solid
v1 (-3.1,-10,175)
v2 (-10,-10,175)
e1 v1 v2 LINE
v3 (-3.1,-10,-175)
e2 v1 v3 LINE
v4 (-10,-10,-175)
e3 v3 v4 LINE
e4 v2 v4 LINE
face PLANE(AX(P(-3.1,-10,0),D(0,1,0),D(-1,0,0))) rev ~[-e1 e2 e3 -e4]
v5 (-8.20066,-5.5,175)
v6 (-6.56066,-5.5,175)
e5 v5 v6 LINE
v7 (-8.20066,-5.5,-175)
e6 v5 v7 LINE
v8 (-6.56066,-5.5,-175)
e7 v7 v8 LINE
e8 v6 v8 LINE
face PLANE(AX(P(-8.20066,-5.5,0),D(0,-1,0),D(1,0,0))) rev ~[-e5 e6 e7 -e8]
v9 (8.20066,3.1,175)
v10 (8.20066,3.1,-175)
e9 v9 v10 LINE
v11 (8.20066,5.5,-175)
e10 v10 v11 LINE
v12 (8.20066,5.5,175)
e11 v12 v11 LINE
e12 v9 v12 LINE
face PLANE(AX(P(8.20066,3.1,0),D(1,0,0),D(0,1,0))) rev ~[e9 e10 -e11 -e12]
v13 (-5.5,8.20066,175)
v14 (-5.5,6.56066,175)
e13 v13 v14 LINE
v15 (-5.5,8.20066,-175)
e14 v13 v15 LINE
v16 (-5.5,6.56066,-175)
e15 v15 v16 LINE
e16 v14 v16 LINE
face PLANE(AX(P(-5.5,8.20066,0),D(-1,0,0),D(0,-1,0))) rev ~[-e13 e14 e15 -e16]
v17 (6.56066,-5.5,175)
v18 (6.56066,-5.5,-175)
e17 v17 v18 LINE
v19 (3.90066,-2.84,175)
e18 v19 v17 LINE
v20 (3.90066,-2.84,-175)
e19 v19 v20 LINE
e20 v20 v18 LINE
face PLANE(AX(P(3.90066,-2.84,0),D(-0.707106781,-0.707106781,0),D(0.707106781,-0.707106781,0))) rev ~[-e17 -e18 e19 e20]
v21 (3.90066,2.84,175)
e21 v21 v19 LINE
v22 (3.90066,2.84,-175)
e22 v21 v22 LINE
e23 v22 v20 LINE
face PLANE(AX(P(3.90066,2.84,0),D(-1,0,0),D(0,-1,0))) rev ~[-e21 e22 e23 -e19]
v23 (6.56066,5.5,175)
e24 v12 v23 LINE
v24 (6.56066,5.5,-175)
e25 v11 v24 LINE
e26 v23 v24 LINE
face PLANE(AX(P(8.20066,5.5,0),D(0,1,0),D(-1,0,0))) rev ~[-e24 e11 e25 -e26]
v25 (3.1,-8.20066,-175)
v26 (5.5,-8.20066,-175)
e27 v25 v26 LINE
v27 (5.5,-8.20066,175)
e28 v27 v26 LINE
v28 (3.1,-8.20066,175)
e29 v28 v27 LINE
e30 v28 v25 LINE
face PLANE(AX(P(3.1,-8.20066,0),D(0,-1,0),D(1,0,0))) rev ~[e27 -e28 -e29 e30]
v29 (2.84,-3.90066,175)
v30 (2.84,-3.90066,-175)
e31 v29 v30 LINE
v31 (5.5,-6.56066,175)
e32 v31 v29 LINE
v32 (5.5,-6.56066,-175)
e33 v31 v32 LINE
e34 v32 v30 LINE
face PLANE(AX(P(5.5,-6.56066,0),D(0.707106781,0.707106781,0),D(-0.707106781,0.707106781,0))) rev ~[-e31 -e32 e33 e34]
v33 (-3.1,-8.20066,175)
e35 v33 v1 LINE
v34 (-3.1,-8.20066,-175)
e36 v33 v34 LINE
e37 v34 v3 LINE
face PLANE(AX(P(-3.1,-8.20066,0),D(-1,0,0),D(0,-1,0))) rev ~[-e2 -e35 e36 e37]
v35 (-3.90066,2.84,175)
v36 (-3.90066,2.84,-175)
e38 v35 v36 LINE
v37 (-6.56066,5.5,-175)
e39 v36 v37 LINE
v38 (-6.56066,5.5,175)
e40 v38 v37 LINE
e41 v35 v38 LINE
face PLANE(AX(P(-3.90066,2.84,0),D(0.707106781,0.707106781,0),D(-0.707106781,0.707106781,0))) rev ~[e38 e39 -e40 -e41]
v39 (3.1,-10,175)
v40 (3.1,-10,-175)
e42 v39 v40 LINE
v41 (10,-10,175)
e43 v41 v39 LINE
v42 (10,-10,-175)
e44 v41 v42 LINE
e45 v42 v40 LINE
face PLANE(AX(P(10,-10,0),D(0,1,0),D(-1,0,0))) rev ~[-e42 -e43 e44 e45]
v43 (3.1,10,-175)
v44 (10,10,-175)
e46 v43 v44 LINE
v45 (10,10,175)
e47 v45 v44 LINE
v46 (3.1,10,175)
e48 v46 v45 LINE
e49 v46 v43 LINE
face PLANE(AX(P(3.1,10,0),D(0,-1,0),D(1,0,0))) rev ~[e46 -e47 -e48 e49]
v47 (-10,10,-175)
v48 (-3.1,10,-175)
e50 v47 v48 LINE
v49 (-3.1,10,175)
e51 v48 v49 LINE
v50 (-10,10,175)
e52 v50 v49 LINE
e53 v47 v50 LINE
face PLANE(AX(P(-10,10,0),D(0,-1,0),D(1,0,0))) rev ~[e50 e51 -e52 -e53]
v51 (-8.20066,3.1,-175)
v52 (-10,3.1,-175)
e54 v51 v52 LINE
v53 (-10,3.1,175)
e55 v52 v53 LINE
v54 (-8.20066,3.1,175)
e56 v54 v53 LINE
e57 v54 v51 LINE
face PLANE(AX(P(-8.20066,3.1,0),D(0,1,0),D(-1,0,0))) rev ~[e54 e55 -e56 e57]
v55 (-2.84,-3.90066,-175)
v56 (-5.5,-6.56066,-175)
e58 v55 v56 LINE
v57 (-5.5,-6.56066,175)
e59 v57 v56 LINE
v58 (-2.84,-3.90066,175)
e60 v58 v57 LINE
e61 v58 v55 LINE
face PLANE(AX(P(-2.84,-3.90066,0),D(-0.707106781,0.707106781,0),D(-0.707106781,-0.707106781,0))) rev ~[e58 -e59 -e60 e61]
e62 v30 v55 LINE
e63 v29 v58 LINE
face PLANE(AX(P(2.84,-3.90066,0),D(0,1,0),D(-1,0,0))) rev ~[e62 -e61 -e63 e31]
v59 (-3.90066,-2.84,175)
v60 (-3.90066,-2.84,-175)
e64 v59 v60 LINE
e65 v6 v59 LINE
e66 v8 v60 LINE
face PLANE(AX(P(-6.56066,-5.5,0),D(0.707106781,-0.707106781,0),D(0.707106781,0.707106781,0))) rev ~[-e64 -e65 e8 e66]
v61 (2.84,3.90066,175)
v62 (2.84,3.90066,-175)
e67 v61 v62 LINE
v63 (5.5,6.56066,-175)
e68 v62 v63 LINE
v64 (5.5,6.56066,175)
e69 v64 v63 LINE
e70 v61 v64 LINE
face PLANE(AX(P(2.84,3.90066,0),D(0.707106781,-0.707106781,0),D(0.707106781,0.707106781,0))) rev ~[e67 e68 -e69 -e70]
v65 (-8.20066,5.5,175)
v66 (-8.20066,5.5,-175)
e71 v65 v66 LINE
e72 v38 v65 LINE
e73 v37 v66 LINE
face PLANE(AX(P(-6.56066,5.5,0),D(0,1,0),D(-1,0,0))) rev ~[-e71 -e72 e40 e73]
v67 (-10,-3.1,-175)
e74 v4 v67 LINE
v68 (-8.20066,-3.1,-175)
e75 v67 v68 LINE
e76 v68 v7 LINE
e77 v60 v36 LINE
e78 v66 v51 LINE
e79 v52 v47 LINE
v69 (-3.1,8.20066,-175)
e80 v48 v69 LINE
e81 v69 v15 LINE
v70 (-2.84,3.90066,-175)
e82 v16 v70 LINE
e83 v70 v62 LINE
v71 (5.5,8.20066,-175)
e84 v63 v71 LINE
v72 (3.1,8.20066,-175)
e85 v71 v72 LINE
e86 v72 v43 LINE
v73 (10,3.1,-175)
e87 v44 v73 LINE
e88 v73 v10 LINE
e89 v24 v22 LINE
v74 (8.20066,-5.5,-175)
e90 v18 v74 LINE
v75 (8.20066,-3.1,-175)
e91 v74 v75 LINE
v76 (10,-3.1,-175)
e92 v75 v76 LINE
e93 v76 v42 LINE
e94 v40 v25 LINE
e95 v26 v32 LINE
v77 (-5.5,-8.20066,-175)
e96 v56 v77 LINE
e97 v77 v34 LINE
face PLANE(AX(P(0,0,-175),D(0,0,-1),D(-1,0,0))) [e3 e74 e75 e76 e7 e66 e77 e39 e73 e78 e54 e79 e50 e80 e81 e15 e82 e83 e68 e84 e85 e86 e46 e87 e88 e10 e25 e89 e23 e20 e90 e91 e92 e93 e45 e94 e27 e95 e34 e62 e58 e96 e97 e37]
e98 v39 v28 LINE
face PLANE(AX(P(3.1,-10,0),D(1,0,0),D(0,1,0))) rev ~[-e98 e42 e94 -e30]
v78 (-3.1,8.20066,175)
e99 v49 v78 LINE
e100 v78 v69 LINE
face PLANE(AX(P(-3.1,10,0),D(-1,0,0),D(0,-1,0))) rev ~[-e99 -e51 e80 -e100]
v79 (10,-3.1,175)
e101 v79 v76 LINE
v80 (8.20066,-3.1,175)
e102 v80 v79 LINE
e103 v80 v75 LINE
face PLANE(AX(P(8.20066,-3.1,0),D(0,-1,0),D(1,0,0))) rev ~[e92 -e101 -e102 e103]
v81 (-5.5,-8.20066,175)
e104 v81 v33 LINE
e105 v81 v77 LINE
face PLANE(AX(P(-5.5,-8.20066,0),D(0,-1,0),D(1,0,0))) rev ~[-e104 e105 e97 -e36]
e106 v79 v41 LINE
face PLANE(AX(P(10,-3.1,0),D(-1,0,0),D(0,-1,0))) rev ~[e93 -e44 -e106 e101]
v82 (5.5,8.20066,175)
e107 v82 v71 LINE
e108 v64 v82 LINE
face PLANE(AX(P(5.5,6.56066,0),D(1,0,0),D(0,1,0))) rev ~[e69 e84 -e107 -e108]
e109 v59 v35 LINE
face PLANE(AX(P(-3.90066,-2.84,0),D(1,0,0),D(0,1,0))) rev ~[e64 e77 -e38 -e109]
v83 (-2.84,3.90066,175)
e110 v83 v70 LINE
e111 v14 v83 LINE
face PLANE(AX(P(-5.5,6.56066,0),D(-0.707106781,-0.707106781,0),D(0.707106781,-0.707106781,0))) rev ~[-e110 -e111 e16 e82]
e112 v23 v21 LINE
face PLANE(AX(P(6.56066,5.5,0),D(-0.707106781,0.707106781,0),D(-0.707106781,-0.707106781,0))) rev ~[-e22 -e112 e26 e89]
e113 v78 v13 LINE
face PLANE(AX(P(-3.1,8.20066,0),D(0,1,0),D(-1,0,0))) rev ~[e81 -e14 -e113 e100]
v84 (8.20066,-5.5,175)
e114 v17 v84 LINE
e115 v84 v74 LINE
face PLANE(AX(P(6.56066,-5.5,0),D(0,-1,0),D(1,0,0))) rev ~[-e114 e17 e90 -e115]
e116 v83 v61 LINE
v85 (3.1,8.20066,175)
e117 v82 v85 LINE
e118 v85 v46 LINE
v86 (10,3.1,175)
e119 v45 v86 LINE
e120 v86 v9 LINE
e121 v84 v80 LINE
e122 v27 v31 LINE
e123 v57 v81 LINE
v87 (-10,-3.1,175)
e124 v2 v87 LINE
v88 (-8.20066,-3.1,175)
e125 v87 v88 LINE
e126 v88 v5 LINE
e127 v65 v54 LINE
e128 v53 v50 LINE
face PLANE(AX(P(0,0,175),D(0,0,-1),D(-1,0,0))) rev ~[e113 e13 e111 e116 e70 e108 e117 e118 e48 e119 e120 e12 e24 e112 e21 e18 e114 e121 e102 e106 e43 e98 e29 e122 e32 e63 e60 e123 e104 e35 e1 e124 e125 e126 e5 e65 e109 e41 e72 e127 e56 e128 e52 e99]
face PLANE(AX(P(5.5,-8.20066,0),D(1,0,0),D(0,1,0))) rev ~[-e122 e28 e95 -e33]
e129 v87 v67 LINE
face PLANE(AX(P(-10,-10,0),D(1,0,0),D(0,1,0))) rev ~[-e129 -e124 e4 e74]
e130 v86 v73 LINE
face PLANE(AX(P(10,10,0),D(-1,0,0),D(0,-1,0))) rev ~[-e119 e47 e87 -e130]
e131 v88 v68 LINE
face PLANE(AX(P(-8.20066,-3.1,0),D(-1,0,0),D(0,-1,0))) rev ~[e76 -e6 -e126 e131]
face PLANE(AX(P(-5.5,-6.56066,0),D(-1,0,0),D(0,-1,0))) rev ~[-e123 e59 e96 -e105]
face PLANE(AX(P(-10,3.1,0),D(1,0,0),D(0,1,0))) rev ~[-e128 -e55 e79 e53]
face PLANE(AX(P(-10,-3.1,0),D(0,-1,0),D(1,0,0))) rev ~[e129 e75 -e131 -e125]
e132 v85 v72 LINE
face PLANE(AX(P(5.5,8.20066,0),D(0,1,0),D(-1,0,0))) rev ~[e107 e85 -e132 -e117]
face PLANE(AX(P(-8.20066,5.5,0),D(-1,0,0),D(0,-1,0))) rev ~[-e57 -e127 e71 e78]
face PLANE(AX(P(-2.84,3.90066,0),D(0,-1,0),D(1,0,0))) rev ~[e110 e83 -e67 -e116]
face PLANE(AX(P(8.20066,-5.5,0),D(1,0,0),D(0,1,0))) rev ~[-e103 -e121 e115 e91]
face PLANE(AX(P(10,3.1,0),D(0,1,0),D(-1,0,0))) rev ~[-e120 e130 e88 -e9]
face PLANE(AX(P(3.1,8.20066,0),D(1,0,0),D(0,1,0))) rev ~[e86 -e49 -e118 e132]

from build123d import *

# Parameters (mm, degrees)
BOSS_EXTRUDE1_DEPTH = 175


with BuildPart() as part:
    # Sketch1 → Boss-Extrude1 (new body, symmetric)
    with BuildSketch(Plane.XY):
        Polygon((-3.1, 10), (-3.1, 8.200660172), (-5.5, 8.200660172), (-5.5, 6.560660172), (-2.84, 3.900660172), (2.84, 3.900660172), (5.5, 6.560660172), (5.5, 8.200660172), (3.1, 8.200660172), (3.1, 10), (10, 10), (10, 3.1), (8.200660172, 3.1), (8.200660172, 5.5), (6.560660172, 5.5), (3.900660172, 2.84), (3.900660172, -2.84), (6.560660172, -5.5), (8.200660172, -5.5), (8.200660172, -3.1), (10, -3.1), (10, -10), (3.1, -10), (3.1, -8.200660172), (5.5, -8.200660172), (5.5, -6.560660172), (2.84, -3.900660172), (-2.84, -3.900660172), (-5.5, -6.560660172), (-5.5, -8.200660172), (-3.1, -8.200660172), (-3.1, -10), (-10, -10), (-10, -3.1), (-8.200660172, -3.1), (-8.200660172, -5.5), (-6.560660172, -5.5), (-3.900660172, -2.84), (-3.900660172, 2.84), (-6.560660172, 5.5), (-8.200660172, 5.5), (-8.200660172, 3.1), (-10, 3.1), (-10, 10), align=None)
    extrude(amount=BOSS_EXTRUDE1_DEPTH, both=True)


solid = part.part
